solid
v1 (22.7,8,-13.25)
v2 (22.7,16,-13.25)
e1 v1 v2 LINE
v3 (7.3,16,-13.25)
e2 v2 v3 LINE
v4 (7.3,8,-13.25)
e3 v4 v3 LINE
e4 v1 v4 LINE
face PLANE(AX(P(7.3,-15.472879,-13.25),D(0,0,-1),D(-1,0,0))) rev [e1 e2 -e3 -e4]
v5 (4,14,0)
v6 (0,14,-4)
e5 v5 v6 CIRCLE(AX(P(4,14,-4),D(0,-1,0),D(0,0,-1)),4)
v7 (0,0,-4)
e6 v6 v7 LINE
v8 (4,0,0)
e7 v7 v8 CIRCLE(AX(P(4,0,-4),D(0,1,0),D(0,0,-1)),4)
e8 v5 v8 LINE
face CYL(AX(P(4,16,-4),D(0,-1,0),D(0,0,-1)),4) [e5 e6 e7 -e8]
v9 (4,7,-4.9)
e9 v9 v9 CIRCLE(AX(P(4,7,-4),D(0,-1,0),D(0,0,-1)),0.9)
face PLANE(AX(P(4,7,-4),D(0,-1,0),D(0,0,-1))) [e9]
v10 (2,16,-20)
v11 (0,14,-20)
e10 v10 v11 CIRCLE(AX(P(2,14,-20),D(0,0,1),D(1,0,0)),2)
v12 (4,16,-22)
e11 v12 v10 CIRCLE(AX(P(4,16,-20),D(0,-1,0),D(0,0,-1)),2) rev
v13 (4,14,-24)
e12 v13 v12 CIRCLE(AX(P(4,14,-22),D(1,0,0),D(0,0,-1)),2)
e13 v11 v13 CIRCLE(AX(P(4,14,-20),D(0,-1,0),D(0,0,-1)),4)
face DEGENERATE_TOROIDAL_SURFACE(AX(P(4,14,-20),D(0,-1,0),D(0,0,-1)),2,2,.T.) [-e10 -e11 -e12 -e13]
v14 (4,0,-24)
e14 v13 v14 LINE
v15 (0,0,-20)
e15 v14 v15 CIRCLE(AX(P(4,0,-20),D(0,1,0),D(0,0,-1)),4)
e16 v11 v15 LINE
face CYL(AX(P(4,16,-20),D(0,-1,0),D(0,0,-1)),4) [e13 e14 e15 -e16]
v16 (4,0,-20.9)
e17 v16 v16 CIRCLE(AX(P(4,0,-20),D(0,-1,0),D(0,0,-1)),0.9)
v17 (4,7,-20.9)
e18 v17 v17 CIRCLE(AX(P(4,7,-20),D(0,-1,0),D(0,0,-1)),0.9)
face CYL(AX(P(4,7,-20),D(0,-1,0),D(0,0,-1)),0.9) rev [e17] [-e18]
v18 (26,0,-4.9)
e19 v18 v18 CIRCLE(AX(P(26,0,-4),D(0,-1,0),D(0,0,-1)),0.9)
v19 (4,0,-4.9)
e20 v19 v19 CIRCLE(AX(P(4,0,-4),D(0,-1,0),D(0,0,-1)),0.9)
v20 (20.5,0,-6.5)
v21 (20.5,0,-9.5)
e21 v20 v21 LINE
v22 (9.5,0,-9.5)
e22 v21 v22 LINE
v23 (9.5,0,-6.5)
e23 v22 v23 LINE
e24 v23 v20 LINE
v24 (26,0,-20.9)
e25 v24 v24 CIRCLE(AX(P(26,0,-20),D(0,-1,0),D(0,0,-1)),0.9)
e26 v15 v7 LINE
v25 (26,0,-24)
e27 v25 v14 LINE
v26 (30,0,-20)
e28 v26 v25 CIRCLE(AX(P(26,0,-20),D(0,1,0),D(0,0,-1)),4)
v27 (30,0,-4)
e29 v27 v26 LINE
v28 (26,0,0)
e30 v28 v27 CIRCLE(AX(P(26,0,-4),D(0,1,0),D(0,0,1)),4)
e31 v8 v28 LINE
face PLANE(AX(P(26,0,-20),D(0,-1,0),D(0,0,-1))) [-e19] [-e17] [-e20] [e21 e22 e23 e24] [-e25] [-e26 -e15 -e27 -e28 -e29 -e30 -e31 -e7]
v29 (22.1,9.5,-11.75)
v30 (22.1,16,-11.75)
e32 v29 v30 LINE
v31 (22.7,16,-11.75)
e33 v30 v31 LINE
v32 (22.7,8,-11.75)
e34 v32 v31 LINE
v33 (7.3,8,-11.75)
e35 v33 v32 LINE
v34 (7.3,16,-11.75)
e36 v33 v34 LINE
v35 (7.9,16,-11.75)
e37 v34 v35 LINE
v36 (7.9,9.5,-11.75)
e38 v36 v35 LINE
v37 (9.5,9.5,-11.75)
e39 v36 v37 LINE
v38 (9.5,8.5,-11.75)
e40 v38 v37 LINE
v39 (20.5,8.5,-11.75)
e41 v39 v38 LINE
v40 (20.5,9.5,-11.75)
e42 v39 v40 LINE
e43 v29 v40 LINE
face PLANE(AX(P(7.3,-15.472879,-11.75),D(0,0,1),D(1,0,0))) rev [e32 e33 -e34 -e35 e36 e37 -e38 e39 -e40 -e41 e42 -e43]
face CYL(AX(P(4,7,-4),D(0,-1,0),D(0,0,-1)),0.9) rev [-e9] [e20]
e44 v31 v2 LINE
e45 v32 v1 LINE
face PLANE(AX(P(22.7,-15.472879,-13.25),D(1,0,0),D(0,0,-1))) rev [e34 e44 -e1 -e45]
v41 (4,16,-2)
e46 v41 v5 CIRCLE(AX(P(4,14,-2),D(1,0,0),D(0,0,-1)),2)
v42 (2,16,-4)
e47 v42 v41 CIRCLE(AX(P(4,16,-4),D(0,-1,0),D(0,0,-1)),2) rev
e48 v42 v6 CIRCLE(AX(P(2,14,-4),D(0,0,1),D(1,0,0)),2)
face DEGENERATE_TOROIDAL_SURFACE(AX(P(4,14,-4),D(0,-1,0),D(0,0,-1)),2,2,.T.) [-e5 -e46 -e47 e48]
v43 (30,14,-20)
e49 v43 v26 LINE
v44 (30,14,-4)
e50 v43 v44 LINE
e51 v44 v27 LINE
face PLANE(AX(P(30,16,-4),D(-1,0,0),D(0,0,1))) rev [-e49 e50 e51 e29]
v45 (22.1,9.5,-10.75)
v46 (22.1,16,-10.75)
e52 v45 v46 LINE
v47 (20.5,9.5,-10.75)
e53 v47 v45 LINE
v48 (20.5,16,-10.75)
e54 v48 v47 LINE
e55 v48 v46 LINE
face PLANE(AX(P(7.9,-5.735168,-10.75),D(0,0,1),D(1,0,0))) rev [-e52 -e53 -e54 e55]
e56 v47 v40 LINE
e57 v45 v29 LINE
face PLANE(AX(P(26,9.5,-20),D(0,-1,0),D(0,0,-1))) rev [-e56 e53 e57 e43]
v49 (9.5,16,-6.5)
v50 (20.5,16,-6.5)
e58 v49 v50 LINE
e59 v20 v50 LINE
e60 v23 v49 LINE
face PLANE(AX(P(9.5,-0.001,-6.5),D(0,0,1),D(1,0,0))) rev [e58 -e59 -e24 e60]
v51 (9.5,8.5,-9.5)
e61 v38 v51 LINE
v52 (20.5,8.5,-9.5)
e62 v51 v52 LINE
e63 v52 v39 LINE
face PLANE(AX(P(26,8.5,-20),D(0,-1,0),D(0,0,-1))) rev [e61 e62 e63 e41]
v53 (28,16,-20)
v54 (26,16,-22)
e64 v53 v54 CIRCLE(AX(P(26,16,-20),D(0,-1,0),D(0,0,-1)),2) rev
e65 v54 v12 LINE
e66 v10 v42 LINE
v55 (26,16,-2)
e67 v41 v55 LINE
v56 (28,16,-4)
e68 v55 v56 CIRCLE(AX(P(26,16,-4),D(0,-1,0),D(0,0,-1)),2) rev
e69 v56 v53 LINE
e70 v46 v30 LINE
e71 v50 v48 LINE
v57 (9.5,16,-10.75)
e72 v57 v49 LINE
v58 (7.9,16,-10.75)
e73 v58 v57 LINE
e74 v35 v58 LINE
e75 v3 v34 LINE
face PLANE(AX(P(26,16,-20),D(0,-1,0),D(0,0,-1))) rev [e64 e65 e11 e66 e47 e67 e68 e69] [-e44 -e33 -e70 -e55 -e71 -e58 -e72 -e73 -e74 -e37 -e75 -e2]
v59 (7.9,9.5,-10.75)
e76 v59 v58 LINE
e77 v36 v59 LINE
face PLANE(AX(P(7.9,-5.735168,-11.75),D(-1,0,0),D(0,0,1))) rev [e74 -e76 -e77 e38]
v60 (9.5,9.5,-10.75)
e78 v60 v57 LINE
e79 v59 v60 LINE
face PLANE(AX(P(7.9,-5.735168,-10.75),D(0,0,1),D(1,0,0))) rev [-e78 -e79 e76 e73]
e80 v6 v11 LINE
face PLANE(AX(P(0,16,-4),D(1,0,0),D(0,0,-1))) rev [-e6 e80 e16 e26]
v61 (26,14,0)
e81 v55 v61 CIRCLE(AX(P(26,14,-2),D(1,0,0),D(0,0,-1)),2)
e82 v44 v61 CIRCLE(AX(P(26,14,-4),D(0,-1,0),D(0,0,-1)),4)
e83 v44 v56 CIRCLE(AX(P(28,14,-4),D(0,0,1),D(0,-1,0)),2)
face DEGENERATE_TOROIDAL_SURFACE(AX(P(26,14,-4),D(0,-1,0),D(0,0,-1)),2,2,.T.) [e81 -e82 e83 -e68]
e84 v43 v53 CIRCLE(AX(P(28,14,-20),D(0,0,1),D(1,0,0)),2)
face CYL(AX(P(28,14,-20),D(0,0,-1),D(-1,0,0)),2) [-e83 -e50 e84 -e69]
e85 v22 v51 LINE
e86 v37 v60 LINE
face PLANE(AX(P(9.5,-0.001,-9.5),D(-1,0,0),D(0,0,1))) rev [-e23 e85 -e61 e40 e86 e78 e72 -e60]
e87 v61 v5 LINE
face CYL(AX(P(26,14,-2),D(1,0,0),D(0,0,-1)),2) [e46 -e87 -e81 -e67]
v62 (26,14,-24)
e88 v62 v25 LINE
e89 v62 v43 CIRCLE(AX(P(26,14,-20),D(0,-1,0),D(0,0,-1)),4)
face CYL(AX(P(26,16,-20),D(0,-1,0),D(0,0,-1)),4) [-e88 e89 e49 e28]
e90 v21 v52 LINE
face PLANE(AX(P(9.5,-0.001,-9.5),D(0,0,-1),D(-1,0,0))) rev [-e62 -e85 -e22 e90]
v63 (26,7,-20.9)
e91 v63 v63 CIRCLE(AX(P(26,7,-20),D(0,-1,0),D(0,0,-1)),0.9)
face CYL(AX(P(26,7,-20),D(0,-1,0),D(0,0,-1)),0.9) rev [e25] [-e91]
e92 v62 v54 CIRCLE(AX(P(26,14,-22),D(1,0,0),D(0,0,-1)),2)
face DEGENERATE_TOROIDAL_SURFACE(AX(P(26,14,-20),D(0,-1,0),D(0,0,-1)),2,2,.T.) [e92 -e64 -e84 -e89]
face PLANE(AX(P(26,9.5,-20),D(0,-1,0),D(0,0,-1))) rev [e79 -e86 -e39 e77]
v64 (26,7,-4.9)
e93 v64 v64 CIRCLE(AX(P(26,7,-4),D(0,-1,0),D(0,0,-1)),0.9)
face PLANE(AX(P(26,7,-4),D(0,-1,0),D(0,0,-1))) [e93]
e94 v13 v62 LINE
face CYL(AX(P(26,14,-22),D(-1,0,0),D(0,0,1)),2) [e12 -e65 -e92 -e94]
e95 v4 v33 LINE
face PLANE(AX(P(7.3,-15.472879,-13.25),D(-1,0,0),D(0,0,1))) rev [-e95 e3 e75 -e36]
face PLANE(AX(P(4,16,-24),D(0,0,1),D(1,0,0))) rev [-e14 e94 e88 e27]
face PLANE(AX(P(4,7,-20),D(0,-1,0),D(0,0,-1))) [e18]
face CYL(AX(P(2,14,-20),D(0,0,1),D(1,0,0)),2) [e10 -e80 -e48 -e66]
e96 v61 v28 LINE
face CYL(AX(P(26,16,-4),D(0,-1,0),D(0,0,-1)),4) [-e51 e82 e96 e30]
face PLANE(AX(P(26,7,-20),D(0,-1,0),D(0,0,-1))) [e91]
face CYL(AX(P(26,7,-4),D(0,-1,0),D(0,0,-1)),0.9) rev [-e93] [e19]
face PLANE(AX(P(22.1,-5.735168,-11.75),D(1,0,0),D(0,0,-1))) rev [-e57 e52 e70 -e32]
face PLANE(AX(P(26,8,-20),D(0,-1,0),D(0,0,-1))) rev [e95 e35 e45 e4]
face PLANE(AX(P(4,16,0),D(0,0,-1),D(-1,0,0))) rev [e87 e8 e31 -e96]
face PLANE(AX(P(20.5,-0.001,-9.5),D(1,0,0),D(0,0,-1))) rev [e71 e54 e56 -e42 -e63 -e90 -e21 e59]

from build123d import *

# Parameters (mm, degrees)
EXTRUDE_392_DEPTH      = 16
FILLET_1_R             = 2
SKETCH_6_R             = 0.9
CUT_EXTRUDE_1038_DEPTH = 7
CUT_EXTRUDE_1432_REACH = 43.617
SKETCH_3_W             = 11
SKETCH_3_H             = 3
SKETCH_2_W             = 15.4
SKETCH_2_H             = 1.5
CUT_EXTRUDE_1918_DEPTH = 8
SKETCH_7_W             = 11
SKETCH_7_H             = 2.25
CUT_EXTRUDE_2_DEPTH    = 7.5
SKETCH_8_W             = 14.2
SKETCH_8_H             = 1
CUT_EXTRUDE_3_DEPTH    = 6.5


with BuildPart() as part:
    # Эскиз1 → Extrude 392 (new body)
    with BuildSketch(Plane(origin=(0, 0, 0), x_dir=(1, 0, 0), z_dir=(0, 1, 0))):
        with BuildLine():
            Line((4, 0), (26, 0))
            ThreePointArc((26, 0), (28.828427125, 1.171572875), (30, 4))
            Line((30, 4), (30, 20))
            ThreePointArc((30, 20), (28.828427125, 22.828427125), (26, 24))
            Line((26, 24), (4, 24))
            ThreePointArc((4, 24), (1.171572875, 22.828427125), (0, 20))
            Line((0, 20), (0, 4))
            ThreePointArc((0, 4), (1.171572875, 1.171572875), (4, 0))
        make_face()
    extrude(amount=EXTRUDE_392_DEPTH)

    # Скругление1
    fillet_1_edges = [part.edges().sort_by_distance(p)[0] for p in [
        (1.171572875, 16, -22.828427125),
        (0, 16, -12),
        (1.171572875, 16, -1.171572875),
        (15, 16, 0),
        (28.828427125, 16, -1.171572875),
        (30, 16, -12),
        (28.828427125, 16, -22.828427125),
        (15, 16, -24),
    ]]
    fillet(fillet_1_edges, radius=FILLET_1_R)

    # Эскиз6 → Cut-Extrude 1038 (cut)
    with BuildSketch(Plane.XZ):
        with Locations(Location((4, -4, 0), (0, 0, 270))):
            Circle(SKETCH_6_R)
        with Locations(Location((26, -4, 0), (0, 0, 270))):
            Circle(SKETCH_6_R)
        with Locations(Location((26, -20, 0), (0, 0, 270))):
            Circle(SKETCH_6_R)
        with Locations(Location((4, -20, 0), (0, 0, 270))):
            Circle(SKETCH_6_R)
    extrude(amount=-CUT_EXTRUDE_1038_DEPTH, mode=Mode.SUBTRACT)

    # Эскиз3 → Cut-Extrude 1432 (cut, up to next)
    with BuildSketch(Plane(origin=(0, 16, 0), x_dir=(1, 0, 0), z_dir=(0, 1, 0)), mode=Mode.PRIVATE) as cut_extrude_1432_sk1:
        with Locations((15, 8)):
            Rectangle(SKETCH_3_W, SKETCH_3_H)
    cut_extrude_1432_tool1 = extrude(cut_extrude_1432_sk1.sketch, amount=-CUT_EXTRUDE_1432_REACH, mode=Mode.PRIVATE) & part.part
    add(cut_extrude_1432_tool1.solids().sort_by_distance((15, 16, -8))[0], mode=Mode.SUBTRACT)

    # Эскиз2 → Cut-Extrude 1918 (cut)
    with BuildSketch(Plane(origin=(0, 16, 0), x_dir=(1, 0, 0), z_dir=(0, 1, 0))):
        with Locations((15, 12.5)):
            Rectangle(SKETCH_2_W, SKETCH_2_H)
    extrude(amount=-CUT_EXTRUDE_1918_DEPTH, mode=Mode.SUBTRACT)

    # Эскиз7 → Вырез-Вытянуть2 (cut)
    with BuildSketch(Plane(origin=(0, 16, 0), x_dir=(1, 0, 0), z_dir=(0, 1, 0))):
        with Locations((15, 10.625)):
            Rectangle(SKETCH_7_W, SKETCH_7_H)
    extrude(amount=-CUT_EXTRUDE_2_DEPTH, mode=Mode.SUBTRACT)

    # Эскиз8 → Вырез-Вытянуть3 (cut)
    with BuildSketch(Plane(origin=(0, 16, 0), x_dir=(1, 0, 0), z_dir=(0, 1, 0))):
        with Locations((15, 11.25)):
            Rectangle(SKETCH_8_W, SKETCH_8_H)
    extrude(amount=-CUT_EXTRUDE_3_DEPTH, mode=Mode.SUBTRACT)


solid = part.part
